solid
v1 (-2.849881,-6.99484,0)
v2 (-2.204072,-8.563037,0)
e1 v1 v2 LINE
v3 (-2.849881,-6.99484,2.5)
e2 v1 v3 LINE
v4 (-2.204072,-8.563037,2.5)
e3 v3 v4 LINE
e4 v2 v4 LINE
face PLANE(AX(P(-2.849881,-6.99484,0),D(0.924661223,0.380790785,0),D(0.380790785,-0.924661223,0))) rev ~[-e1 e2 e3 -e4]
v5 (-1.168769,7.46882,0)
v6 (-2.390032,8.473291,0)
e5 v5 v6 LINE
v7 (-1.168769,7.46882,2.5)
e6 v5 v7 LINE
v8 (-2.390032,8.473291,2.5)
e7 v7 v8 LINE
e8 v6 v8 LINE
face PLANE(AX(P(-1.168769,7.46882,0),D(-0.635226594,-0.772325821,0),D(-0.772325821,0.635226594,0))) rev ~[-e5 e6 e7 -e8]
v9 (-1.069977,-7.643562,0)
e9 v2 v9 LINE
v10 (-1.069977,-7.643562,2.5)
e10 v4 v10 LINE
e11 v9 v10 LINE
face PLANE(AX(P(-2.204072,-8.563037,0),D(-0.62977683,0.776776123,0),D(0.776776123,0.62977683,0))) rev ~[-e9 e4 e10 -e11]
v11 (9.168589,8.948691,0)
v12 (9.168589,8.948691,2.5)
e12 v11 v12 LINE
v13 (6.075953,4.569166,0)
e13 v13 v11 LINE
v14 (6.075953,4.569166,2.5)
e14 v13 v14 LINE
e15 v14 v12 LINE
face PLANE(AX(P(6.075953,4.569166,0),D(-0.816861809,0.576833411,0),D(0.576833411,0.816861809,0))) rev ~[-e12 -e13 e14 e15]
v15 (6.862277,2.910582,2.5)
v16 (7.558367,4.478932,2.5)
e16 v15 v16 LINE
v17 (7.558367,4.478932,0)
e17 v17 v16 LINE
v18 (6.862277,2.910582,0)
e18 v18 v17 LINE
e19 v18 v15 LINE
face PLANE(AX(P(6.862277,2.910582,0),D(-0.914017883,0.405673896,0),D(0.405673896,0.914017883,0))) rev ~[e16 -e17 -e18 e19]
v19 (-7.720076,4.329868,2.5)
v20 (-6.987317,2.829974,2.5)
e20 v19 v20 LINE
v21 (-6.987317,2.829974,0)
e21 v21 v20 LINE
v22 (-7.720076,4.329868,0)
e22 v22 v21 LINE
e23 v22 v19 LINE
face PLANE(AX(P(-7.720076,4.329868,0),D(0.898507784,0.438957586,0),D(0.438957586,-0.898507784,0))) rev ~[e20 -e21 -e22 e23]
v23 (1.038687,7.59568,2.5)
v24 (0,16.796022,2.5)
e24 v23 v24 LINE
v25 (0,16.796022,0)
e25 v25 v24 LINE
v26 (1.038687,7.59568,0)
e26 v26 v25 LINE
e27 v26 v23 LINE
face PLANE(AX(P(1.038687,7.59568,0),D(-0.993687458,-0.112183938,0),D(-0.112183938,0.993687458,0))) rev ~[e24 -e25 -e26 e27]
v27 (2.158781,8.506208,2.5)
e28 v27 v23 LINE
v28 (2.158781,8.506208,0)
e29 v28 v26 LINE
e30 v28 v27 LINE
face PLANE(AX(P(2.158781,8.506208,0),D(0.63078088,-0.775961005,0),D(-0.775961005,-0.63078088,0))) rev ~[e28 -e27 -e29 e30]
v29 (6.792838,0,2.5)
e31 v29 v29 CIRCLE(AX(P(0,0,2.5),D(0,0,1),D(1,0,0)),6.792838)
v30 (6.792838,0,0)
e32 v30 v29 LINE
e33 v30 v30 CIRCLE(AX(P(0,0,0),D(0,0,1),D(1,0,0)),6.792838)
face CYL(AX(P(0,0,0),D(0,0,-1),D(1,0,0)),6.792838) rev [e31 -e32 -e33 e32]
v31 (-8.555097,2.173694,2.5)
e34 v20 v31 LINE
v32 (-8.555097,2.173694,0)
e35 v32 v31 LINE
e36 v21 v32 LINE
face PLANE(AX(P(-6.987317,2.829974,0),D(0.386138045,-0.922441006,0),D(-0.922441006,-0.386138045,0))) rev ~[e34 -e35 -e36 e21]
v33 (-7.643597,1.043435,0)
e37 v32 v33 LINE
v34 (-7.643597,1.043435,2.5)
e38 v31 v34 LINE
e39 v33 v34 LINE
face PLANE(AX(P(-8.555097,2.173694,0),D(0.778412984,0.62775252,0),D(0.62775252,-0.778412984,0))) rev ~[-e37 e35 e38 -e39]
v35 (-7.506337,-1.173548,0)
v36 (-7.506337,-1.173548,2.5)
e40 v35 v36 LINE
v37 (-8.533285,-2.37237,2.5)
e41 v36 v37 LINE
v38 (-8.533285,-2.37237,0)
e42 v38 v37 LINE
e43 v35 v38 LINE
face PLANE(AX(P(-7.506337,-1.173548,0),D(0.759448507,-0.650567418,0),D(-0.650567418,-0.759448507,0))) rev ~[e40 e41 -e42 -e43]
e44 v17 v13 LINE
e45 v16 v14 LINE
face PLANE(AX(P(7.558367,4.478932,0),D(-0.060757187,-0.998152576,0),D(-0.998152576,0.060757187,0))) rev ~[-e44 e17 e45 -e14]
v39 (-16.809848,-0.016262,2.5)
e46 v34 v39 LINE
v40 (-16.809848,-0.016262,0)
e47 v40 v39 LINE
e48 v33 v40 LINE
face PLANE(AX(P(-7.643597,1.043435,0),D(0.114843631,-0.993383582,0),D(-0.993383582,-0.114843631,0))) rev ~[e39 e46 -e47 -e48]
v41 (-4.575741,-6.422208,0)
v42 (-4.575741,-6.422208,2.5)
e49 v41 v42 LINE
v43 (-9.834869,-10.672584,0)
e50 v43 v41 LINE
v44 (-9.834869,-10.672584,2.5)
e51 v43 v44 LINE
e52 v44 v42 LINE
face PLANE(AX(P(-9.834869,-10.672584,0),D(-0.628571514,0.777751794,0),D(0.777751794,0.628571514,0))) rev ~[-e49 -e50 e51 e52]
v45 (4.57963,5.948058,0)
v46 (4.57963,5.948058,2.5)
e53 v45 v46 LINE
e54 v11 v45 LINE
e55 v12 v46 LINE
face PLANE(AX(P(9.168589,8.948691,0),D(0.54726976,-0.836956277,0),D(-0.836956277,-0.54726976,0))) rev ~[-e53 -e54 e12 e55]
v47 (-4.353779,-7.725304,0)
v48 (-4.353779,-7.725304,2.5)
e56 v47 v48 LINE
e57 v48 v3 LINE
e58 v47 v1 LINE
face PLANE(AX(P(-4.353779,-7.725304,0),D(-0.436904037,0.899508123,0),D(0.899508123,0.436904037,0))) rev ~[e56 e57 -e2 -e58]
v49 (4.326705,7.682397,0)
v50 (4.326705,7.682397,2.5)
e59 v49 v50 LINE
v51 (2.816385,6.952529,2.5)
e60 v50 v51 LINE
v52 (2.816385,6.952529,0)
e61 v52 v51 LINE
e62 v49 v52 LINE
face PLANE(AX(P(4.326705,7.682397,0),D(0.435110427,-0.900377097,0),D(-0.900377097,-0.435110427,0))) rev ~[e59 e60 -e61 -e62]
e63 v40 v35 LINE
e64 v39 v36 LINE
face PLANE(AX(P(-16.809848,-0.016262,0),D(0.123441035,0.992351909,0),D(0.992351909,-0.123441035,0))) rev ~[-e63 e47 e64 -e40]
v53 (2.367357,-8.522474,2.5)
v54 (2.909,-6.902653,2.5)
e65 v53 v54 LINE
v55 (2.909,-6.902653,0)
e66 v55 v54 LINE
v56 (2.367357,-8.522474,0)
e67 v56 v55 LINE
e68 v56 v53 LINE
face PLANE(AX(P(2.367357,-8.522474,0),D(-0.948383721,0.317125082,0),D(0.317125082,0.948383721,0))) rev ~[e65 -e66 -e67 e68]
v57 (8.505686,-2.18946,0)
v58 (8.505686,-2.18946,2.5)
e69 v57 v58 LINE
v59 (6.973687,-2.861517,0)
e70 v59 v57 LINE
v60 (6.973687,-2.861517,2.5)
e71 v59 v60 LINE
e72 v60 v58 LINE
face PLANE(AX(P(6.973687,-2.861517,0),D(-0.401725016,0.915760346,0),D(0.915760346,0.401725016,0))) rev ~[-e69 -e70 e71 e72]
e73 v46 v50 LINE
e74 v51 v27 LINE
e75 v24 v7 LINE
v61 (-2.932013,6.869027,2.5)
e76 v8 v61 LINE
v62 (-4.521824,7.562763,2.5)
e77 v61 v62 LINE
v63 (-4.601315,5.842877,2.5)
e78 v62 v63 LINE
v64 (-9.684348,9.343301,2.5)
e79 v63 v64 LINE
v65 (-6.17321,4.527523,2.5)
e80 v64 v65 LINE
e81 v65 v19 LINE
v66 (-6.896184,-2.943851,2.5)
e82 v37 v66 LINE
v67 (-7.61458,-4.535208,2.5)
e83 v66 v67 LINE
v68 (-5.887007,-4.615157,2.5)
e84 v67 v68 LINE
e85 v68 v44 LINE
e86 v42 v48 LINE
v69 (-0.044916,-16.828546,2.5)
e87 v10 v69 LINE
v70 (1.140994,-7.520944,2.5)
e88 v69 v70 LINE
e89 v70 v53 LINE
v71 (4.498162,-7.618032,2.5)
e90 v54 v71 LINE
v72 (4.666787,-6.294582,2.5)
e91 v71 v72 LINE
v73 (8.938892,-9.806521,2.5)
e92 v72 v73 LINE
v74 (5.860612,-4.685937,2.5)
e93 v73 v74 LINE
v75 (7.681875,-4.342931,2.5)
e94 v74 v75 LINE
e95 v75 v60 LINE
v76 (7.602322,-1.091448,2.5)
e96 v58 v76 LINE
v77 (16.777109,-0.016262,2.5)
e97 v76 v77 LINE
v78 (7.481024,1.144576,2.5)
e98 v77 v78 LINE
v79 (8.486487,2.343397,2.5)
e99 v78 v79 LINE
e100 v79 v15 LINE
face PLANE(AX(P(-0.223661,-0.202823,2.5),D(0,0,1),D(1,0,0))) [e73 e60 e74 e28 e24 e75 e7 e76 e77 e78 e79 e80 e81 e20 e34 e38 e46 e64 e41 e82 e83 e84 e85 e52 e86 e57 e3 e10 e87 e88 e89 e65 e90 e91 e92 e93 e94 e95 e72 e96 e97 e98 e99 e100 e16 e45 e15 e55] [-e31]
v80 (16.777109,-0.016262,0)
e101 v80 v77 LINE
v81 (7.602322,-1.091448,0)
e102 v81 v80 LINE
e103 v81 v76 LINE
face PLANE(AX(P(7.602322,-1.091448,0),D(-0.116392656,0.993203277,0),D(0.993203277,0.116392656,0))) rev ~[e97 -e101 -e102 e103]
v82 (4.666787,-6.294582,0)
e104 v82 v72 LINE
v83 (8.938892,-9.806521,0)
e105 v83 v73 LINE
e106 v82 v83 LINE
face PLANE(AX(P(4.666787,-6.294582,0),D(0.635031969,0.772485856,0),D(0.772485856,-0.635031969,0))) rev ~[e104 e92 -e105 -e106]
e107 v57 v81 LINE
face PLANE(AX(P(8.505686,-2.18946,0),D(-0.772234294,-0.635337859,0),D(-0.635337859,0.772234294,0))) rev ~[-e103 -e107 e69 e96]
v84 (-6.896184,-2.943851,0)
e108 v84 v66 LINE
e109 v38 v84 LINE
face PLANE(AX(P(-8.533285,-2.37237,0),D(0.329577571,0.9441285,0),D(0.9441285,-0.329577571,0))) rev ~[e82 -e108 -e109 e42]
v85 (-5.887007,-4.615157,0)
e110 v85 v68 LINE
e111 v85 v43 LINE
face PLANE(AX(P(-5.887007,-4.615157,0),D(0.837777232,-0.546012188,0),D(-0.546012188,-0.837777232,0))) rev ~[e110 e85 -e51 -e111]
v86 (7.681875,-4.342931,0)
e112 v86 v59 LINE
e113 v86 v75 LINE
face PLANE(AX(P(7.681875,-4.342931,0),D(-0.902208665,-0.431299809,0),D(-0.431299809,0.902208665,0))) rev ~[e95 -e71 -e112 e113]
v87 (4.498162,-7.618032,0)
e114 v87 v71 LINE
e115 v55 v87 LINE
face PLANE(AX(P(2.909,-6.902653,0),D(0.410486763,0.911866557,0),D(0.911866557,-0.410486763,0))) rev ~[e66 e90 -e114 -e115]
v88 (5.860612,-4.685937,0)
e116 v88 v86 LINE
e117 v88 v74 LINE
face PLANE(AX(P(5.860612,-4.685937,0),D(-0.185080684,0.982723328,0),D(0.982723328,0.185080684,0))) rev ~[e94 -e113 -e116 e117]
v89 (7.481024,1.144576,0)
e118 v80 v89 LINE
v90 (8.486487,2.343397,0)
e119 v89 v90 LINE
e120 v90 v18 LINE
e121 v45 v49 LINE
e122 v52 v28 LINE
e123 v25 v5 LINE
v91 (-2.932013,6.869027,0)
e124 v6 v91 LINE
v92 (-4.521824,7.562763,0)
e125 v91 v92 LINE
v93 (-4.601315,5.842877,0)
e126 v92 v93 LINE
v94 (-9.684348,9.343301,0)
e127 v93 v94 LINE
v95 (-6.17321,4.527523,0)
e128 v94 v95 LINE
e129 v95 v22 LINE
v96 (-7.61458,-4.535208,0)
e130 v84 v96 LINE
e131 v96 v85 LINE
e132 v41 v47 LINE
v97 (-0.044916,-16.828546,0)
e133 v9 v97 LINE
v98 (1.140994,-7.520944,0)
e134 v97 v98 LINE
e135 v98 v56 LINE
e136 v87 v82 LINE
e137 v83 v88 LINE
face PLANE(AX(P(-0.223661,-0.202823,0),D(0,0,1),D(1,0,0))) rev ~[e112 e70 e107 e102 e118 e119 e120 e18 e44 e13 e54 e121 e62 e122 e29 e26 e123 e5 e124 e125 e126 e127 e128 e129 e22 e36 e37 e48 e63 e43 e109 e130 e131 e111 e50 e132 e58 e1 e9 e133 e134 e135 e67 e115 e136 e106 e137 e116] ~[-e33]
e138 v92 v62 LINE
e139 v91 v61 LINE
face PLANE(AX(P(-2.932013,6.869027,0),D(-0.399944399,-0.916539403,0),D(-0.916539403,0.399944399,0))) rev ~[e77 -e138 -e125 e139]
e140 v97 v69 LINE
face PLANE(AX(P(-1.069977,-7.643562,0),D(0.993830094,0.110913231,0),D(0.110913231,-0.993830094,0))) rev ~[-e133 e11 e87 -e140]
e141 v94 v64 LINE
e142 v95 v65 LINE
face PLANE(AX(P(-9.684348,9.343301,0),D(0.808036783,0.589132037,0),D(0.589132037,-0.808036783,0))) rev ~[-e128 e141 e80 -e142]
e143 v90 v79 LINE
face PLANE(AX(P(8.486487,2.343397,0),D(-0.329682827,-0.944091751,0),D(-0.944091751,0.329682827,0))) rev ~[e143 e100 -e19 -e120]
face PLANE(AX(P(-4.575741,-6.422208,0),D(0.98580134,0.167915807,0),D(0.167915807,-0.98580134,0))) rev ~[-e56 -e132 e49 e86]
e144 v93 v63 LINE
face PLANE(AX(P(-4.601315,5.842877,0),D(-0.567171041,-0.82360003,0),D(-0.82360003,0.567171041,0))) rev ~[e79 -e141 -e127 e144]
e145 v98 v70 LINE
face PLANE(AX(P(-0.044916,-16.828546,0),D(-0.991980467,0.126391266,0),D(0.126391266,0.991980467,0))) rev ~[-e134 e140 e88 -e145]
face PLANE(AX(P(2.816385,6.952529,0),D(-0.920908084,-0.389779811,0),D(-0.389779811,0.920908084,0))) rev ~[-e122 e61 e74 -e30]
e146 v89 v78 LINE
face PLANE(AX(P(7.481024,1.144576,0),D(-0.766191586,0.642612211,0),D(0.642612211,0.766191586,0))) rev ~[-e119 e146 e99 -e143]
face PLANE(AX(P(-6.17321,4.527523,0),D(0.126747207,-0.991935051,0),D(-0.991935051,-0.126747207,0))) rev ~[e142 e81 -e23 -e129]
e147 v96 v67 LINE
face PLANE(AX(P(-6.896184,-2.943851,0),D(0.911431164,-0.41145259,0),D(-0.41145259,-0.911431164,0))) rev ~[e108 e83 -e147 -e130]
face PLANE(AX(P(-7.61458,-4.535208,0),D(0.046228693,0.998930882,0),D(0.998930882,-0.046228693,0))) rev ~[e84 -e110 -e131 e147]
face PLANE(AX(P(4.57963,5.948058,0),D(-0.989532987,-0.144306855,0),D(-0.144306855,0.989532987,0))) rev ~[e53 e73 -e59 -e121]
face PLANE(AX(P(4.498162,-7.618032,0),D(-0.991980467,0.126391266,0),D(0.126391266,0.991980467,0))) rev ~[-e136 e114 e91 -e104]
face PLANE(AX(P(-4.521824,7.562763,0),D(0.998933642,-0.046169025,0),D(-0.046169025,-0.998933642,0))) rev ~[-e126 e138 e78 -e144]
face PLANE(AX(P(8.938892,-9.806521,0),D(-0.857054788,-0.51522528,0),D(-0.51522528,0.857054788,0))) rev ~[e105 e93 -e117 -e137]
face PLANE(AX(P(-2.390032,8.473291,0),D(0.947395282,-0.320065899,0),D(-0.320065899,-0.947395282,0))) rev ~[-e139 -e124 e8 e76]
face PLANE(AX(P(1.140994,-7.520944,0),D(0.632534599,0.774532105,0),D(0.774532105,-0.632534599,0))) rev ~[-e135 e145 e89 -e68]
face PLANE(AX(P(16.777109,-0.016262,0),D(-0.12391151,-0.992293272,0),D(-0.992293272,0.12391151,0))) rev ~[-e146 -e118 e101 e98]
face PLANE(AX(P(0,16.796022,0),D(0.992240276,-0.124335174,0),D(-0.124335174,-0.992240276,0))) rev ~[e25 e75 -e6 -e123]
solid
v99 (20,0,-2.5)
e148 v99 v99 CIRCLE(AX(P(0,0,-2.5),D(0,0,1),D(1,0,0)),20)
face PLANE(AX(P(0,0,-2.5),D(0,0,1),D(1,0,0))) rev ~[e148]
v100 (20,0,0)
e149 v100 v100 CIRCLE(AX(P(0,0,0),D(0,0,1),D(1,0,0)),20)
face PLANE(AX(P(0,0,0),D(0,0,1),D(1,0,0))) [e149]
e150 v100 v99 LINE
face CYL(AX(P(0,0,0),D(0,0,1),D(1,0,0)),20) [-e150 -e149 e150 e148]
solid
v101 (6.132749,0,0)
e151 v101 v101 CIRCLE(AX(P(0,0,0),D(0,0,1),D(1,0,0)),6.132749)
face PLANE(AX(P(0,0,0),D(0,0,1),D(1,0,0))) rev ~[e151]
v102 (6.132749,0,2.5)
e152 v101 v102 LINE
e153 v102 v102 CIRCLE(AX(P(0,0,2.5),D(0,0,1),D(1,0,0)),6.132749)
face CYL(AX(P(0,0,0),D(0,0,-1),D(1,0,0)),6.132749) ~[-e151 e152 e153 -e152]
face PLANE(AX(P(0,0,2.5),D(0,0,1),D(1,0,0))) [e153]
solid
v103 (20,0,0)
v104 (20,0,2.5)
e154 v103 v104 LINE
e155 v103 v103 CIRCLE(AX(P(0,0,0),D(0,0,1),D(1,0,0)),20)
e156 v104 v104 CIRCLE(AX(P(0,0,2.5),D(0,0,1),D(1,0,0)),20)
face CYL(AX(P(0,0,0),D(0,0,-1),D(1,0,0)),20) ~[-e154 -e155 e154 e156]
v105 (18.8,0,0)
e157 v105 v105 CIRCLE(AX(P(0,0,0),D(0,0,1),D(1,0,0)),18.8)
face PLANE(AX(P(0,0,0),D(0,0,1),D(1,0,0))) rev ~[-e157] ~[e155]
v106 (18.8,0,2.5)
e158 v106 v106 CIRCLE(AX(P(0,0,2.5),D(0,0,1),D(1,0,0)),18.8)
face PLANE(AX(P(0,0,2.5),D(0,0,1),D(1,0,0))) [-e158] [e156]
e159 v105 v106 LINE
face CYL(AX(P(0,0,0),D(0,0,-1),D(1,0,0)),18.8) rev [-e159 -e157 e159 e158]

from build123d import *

# Parameters (mm, degrees)
F0_R     = 6.1327488562
F1_DEPTH = 2.5
F0_R_2   = 6.7928380713
F0_R_3   = 20
F0_R_4   = 18.8
F2_DEPTH = 2.5


with BuildPart() as f1:
    # F0 (on Top) → F1 (new body)
    with BuildSketch(Plane.XY):
        Circle(F0_R)
    extrude(amount=F1_DEPTH)


with BuildPart() as f1b:
    # F0 (on Top) → F1, piece 2 (new body)
    with BuildSketch(Plane.XY):
        Polygon((-7.6435967349, 1.0434347205), (-16.8098479044, -0.0162622448), (-7.5063370168, -1.173548284), (-8.5332849994, -2.3723696359), (-6.8961842917, -2.9438508209), (-7.6145799831, -4.5352084562), (-5.8870068751, -4.615157377), (-9.8348688334, -10.6725841761), (-4.5757410116, -6.4222076908), (-4.3537789024, -7.7253044583), (-2.8498813044, -6.9948397577), (-2.2040717304, -8.5630370304), (-1.0699772974, -7.6435618103), (-0.0449164761, -16.8285462119), (1.1409935541, -7.5209443457), (2.3673565593, -8.522474207), (2.9090000317, -6.9026532583), (4.4981618412, -7.6180319302), (4.6667866409, -6.2945820391), (8.9388918132, -9.8065212369), (5.860612262, -4.685937427), (7.681875024, -4.3429308571), (6.973686628, -2.8615165502), (8.5056861863, -2.1894602105), (7.6023219153, -1.0914477753), (16.7771086562, -0.0162622448), (7.4810241349, 1.1445758864), (8.4864869714, 2.3433971219), (6.8622766994, 2.9105816502), (7.5583667494, 4.4789318927), (6.0759531334, 4.5691658743), (9.1685894877, 8.9486911893), (4.5796297491, 5.9480578639), (4.3267053552, 7.6823970303), (2.816384891, 6.9525293075), (2.1587812807, 8.5062077269), (1.0386873037, 7.5956801884), (0, 16.7960217223), (-1.1687686201, 7.4688196182), (-2.3900324013, 8.4732910618), (-2.9320132453, 6.8690273911), (-4.5218244195, 7.5627630576), (-4.6013146639, 5.8428766206), (-9.6843484789, 9.3433009461), (-6.1732097529, 4.5275227167), (-7.7200760134, 4.329867661), (-6.9873169996, 2.8299740516), (-8.5550965741, 2.1736943163), align=None)
        Circle(F0_R_2, mode=Mode.SUBTRACT)
    extrude(amount=F1_DEPTH)


with BuildPart() as f1c:
    # F0 (on Top) → F1, piece 3 (new body)
    with BuildSketch(Plane.XY):
        Circle(F0_R_3)
        Circle(F0_R_4, mode=Mode.SUBTRACT)
    extrude(amount=F1_DEPTH)


with BuildPart() as f2:
    # F0 (on Top) → F2 (new body)
    with BuildSketch(Plane.XY):
        Circle(F0_R_3)
        Circle(F0_R_4, mode=Mode.SUBTRACT)
        Circle(F0_R_4)
        Polygon((-7.5063370168, -1.173548284), (-16.8098479044, -0.0162622448), (-7.6435967349, 1.0434347205), (-8.5550965741, 2.1736943163), (-6.9873169996, 2.8299740516), (-7.7200760134, 4.329867661), (-6.1732097529, 4.5275227167), (-9.6843484789, 9.3433009461), (-4.6013146639, 5.8428766206), (-4.5218244195, 7.5627630576), (-2.9320132453, 6.8690273911), (-2.3900324013, 8.4732910618), (-1.1687686201, 7.4688196182), (0, 16.7960217223), (1.0386873037, 7.5956801884), (2.1587812807, 8.5062077269), (2.816384891, 6.9525293075), (4.3267053552, 7.6823970303), (4.5796297491, 5.9480578639), (9.1685894877, 8.9486911893), (6.0759531334, 4.5691658743), (7.5583667494, 4.4789318927), (6.8622766994, 2.9105816502), (8.4864869714, 2.3433971219), (7.4810241349, 1.1445758864), (16.7771086562, -0.0162622448), (7.6023219153, -1.0914477753), (8.5056861863, -2.1894602105), (6.973686628, -2.8615165502), (7.681875024, -4.3429308571), (5.860612262, -4.685937427), (8.9388918132, -9.8065212369), (4.6667866409, -6.2945820391), (4.4981618412, -7.6180319302), (2.9090000317, -6.9026532583), (2.3673565593, -8.522474207), (1.1409935541, -7.5209443457), (-0.0449164761, -16.8285462119), (-1.0699772974, -7.6435618103), (-2.2040717304, -8.5630370304), (-2.8498813044, -6.9948397577), (-4.3537789024, -7.7253044583), (-4.5757410116, -6.4222076908), (-9.8348688334, -10.6725841761), (-5.8870068751, -4.615157377), (-7.6145799831, -4.5352084562), (-6.8961842917, -2.9438508209), (-8.5332849994, -2.3723696359), align=None, mode=Mode.SUBTRACT)
        Polygon((-7.6435967349, 1.0434347205), (-16.8098479044, -0.0162622448), (-7.5063370168, -1.173548284), (-8.5332849994, -2.3723696359), (-6.8961842917, -2.9438508209), (-7.6145799831, -4.5352084562), (-5.8870068751, -4.615157377), (-9.8348688334, -10.6725841761), (-4.5757410116, -6.4222076908), (-4.3537789024, -7.7253044583), (-2.8498813044, -6.9948397577), (-2.2040717304, -8.5630370304), (-1.0699772974, -7.6435618103), (-0.0449164761, -16.8285462119), (1.1409935541, -7.5209443457), (2.3673565593, -8.522474207), (2.9090000317, -6.9026532583), (4.4981618412, -7.6180319302), (4.6667866409, -6.2945820391), (8.9388918132, -9.8065212369), (5.860612262, -4.685937427), (7.681875024, -4.3429308571), (6.973686628, -2.8615165502), (8.5056861863, -2.1894602105), (7.6023219153, -1.0914477753), (16.7771086562, -0.0162622448), (7.4810241349, 1.1445758864), (8.4864869714, 2.3433971219), (6.8622766994, 2.9105816502), (7.5583667494, 4.4789318927), (6.0759531334, 4.5691658743), (9.1685894877, 8.9486911893), (4.5796297491, 5.9480578639), (4.3267053552, 7.6823970303), (2.816384891, 6.9525293075), (2.1587812807, 8.5062077269), (1.0386873037, 7.5956801884), (0, 16.7960217223), (-1.1687686201, 7.4688196182), (-2.3900324013, 8.4732910618), (-2.9320132453, 6.8690273911), (-4.5218244195, 7.5627630576), (-4.6013146639, 5.8428766206), (-9.6843484789, 9.3433009461), (-6.1732097529, 4.5275227167), (-7.7200760134, 4.329867661), (-6.9873169996, 2.8299740516), (-8.5550965741, 2.1736943163), align=None)
        Circle(F0_R_2, mode=Mode.SUBTRACT)
        Circle(F0_R_2)
        Circle(F0_R, mode=Mode.SUBTRACT)
        Circle(F0_R)
    extrude(amount=-F2_DEPTH)


solid = Compound([f1.part, f1b.part, f1c.part, f2.part])
